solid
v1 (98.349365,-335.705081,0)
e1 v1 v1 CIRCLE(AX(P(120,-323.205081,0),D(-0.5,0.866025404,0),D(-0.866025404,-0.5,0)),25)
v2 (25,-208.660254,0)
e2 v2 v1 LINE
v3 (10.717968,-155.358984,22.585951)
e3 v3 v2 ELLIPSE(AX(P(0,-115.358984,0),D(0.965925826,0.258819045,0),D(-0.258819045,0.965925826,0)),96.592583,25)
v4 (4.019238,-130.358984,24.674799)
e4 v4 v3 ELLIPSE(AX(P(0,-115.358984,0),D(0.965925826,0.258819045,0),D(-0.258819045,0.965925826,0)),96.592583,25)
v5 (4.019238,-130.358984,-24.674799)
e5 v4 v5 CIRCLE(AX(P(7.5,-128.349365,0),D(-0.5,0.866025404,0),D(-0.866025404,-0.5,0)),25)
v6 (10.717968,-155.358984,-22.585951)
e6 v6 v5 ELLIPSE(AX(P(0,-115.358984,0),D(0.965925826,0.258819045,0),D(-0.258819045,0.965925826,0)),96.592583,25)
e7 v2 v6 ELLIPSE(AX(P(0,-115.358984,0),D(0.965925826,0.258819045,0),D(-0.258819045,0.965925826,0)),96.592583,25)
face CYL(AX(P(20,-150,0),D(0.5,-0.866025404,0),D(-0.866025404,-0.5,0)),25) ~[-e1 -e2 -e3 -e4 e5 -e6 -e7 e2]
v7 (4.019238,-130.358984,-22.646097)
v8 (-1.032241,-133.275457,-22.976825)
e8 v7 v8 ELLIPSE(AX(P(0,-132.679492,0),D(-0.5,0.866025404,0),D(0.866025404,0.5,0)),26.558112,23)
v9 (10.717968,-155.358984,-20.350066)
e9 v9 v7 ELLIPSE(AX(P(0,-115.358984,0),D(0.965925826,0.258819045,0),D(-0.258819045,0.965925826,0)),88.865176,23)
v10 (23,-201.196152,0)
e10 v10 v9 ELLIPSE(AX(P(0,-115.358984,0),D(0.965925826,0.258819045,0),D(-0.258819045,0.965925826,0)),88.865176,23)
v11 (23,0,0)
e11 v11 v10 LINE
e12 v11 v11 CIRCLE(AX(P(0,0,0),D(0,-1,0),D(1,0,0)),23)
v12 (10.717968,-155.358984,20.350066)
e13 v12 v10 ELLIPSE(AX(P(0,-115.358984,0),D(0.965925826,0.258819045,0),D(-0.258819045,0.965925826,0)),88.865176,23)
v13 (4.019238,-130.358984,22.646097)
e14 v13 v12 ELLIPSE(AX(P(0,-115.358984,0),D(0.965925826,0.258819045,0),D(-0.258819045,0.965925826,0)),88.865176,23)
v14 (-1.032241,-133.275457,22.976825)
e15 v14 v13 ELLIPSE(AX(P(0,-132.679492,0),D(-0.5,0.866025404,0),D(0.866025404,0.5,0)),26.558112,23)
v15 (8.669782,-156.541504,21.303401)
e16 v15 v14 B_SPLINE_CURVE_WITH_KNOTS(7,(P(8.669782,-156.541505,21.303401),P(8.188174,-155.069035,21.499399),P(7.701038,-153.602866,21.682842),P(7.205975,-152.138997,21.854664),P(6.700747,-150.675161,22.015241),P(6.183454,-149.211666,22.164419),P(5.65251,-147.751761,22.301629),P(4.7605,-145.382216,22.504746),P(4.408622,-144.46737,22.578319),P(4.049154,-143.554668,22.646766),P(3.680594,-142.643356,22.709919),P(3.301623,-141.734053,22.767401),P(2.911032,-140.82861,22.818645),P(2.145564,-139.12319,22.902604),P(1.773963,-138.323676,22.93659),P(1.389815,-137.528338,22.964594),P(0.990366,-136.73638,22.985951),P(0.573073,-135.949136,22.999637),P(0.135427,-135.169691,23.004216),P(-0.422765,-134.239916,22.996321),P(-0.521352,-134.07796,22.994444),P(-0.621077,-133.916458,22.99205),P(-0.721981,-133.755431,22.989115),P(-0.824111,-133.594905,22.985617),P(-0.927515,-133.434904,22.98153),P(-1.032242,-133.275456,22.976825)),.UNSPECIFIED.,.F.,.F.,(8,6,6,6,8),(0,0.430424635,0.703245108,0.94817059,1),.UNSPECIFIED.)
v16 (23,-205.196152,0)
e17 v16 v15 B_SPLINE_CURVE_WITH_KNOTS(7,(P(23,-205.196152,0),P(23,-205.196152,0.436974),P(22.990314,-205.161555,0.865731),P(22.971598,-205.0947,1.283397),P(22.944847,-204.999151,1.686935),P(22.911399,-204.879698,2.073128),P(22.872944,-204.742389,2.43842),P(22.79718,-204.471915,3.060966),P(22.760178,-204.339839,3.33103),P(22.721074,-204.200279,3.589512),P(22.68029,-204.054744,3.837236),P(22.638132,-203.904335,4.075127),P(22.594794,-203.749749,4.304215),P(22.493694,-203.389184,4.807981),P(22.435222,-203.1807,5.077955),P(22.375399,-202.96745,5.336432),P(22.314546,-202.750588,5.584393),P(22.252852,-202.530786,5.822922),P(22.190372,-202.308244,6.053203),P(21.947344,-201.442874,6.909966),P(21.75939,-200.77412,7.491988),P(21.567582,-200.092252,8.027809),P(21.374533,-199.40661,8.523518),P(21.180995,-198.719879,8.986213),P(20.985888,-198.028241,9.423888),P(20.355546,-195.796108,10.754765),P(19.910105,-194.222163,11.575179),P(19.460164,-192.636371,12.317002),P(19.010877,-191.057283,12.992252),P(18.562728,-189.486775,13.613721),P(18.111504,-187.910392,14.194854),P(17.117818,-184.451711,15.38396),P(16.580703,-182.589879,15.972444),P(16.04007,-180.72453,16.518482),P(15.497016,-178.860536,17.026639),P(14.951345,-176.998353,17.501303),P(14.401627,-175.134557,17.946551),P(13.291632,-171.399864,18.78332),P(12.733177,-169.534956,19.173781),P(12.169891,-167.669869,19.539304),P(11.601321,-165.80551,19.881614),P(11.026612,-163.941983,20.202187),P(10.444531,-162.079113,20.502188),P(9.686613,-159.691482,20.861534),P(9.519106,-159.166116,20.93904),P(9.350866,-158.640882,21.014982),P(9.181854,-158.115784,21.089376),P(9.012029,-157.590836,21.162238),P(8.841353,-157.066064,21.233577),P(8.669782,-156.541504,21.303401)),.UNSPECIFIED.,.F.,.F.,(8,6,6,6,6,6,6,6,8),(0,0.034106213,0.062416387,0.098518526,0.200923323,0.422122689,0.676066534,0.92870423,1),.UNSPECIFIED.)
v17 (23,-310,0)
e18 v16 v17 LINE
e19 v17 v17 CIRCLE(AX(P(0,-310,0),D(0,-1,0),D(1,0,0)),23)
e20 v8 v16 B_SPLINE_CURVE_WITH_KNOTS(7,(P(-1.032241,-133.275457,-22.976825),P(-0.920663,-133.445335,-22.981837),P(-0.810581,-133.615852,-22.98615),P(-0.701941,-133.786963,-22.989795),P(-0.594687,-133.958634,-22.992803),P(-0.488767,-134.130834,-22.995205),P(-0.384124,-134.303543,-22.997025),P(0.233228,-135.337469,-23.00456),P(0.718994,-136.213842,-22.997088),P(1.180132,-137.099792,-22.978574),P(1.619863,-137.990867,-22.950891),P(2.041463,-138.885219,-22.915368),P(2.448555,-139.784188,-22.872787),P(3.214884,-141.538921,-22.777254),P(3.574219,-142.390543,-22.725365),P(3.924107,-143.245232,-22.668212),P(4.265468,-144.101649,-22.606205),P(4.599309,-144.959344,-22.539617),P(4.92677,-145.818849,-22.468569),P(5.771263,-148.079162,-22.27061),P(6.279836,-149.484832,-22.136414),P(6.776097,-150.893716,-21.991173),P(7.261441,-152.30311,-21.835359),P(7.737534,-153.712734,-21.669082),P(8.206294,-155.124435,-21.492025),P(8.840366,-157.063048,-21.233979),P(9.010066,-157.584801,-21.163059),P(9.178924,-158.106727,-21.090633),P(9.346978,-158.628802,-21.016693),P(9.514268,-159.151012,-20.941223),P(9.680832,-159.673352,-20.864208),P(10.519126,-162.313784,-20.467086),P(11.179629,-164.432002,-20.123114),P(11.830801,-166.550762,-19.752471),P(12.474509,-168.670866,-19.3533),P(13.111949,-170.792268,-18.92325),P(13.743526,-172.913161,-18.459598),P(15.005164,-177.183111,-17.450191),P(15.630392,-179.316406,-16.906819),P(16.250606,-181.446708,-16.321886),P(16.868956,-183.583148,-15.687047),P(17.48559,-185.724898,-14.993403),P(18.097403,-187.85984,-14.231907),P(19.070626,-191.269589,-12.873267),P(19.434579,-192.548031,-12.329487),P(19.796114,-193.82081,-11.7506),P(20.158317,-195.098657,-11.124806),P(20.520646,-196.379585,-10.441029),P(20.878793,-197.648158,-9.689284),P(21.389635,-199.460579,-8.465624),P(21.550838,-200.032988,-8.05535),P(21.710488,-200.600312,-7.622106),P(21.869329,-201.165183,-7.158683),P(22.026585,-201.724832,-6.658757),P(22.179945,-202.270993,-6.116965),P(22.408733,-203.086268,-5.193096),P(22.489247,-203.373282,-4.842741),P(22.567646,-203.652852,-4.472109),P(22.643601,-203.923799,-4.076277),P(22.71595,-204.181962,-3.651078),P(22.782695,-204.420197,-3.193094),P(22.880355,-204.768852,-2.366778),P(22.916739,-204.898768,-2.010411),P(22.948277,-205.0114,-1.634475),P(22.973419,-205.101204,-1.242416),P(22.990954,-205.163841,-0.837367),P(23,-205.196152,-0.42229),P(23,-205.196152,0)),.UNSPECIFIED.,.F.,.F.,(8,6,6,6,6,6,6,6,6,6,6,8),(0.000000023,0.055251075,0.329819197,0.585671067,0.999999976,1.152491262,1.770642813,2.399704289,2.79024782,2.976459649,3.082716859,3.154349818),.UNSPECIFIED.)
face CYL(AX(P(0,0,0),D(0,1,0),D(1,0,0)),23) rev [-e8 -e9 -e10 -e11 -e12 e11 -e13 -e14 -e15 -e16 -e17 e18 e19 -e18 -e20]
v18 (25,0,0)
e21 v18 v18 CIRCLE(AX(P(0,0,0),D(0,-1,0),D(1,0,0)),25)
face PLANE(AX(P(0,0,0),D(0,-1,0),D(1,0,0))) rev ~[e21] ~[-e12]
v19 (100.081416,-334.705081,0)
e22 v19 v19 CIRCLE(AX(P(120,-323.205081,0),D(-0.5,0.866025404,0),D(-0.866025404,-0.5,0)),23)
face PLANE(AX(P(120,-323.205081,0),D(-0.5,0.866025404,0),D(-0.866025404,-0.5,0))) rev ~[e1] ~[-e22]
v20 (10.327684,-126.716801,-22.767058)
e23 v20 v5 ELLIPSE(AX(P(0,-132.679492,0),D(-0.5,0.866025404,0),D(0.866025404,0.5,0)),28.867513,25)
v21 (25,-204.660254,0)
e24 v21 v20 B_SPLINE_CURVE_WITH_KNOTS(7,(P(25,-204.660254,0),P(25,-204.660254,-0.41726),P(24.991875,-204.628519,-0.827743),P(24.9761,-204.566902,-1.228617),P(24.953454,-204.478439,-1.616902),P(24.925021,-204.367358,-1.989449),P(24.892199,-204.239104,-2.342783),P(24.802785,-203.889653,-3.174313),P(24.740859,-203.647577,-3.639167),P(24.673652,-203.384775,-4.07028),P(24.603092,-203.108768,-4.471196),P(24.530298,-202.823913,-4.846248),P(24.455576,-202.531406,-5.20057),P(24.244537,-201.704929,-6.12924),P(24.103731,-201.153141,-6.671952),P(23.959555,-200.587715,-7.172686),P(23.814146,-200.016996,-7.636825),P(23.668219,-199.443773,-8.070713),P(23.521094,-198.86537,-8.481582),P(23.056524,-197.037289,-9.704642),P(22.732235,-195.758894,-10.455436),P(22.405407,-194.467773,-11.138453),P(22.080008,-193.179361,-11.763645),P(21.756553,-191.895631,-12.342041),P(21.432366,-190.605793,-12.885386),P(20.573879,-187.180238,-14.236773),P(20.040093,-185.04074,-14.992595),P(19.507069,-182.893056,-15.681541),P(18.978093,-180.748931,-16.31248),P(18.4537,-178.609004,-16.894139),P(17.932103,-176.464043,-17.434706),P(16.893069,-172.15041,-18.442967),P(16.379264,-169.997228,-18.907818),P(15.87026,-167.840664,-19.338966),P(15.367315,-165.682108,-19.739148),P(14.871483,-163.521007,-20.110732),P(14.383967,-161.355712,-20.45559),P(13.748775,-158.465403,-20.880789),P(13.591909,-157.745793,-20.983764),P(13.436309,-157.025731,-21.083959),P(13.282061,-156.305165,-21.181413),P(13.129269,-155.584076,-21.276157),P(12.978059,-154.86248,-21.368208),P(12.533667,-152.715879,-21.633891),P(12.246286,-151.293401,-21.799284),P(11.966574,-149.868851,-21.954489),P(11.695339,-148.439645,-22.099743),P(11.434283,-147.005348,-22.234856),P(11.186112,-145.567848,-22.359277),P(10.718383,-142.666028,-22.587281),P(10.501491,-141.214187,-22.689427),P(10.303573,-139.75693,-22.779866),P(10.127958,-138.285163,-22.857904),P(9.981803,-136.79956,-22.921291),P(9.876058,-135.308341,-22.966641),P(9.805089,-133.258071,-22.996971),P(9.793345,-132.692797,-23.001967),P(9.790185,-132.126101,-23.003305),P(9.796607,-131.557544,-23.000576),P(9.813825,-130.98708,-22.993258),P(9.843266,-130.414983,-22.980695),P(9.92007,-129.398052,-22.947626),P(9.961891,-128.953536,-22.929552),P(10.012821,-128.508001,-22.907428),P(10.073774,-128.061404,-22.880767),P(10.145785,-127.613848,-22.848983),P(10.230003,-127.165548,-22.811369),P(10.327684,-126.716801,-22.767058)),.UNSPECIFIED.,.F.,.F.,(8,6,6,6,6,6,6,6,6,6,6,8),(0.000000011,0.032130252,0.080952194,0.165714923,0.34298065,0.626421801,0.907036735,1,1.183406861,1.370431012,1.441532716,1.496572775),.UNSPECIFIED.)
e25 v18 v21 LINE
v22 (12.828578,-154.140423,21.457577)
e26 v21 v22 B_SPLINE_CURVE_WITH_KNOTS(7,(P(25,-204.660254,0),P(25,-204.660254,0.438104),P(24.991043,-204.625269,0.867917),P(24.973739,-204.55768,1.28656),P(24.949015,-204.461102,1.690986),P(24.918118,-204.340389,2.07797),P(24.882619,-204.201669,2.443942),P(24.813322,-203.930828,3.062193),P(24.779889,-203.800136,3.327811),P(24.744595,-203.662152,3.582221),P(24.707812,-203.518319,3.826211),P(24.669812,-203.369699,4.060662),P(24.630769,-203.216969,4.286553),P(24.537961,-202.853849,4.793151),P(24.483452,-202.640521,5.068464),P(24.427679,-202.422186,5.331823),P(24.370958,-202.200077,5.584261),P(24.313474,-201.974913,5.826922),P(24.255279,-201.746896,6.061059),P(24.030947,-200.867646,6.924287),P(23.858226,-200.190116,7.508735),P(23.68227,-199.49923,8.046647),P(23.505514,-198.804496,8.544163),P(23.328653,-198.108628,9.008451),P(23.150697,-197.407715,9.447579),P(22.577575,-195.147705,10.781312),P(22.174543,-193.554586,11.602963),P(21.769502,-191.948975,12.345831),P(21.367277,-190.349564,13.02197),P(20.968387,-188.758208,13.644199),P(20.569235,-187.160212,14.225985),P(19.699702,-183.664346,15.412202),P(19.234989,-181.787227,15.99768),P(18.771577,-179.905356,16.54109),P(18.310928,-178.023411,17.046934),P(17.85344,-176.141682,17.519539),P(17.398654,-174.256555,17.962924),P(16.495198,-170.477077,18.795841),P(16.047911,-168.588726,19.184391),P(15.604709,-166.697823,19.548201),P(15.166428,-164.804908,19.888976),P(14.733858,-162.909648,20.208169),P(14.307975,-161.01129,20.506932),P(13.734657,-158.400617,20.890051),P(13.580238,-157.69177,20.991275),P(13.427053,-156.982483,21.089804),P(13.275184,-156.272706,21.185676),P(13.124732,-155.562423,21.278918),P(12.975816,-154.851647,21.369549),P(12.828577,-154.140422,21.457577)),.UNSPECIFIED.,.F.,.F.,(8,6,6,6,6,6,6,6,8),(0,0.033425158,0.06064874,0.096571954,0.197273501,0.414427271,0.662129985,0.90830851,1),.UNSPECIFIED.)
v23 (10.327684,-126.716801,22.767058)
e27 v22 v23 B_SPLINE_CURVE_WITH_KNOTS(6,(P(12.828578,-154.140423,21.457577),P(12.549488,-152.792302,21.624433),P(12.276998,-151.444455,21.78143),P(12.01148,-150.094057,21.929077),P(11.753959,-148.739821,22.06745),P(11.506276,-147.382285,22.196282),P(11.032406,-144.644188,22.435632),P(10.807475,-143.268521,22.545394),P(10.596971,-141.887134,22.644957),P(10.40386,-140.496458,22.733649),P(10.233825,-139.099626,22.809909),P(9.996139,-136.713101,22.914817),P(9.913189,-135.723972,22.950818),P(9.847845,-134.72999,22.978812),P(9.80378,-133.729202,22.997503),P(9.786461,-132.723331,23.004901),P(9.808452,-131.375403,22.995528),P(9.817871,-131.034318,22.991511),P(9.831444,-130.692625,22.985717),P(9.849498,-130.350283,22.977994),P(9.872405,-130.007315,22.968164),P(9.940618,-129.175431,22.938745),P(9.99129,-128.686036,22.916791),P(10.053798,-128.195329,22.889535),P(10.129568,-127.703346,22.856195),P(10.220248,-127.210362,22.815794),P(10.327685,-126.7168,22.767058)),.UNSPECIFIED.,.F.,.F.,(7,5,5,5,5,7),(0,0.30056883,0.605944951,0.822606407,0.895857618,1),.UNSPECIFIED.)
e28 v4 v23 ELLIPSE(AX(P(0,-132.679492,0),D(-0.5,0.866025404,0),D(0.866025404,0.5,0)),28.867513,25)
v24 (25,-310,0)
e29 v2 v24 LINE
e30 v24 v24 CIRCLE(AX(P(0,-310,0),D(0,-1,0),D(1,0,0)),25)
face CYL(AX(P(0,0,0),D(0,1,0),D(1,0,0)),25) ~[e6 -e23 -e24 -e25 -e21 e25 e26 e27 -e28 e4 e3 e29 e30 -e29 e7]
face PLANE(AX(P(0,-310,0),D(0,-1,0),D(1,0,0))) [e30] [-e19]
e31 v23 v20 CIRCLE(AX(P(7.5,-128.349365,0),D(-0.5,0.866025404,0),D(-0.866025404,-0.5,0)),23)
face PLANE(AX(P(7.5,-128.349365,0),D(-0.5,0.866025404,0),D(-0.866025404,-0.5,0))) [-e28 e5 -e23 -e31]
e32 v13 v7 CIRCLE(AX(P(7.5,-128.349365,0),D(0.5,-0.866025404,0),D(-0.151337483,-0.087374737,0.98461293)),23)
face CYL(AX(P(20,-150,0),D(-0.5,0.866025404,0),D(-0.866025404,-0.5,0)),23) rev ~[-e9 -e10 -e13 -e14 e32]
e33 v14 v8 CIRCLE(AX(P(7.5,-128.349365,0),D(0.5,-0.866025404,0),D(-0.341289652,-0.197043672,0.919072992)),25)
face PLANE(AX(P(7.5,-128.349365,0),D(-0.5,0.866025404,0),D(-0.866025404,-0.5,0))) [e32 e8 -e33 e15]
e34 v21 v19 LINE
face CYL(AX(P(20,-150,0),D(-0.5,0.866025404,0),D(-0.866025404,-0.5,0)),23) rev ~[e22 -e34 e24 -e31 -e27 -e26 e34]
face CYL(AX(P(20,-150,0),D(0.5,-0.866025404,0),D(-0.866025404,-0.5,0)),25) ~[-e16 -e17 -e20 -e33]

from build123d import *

# Parameters (mm, degrees)
F0_R          = 25
F0_R_2        = 23
F1_DEPTH      = 310
F7_R          = 25
F7_R_2        = 23
F8_DEPTH      = 200
F8_DEPTH_BACK = 25


with BuildPart() as f1:
    # F0 (on Front) → F1 (new body)
    with BuildSketch(Plane.XZ):
        Circle(F0_R)
        Circle(F0_R_2, mode=Mode.SUBTRACT)
    extrude(amount=F1_DEPTH)

    # F7 (on line) → F8 (join, two sides)
    with BuildSketch(Plane(origin=(69.9519052838, -121.1602540378, 0), x_dir=(-0.8660254038, -0.5, 0), z_dir=(-0.5, 0.8660254038, 0))) as f8_sk:
        with Locations((57.6794919243, 0)):
            Circle(F7_R)
        with Locations((57.6794919243, 0)):
            Circle(F7_R_2, mode=Mode.SUBTRACT)
    extrude(amount=-F8_DEPTH)
    extrude(f8_sk.sketch, amount=F8_DEPTH_BACK)


solid = f1.part
